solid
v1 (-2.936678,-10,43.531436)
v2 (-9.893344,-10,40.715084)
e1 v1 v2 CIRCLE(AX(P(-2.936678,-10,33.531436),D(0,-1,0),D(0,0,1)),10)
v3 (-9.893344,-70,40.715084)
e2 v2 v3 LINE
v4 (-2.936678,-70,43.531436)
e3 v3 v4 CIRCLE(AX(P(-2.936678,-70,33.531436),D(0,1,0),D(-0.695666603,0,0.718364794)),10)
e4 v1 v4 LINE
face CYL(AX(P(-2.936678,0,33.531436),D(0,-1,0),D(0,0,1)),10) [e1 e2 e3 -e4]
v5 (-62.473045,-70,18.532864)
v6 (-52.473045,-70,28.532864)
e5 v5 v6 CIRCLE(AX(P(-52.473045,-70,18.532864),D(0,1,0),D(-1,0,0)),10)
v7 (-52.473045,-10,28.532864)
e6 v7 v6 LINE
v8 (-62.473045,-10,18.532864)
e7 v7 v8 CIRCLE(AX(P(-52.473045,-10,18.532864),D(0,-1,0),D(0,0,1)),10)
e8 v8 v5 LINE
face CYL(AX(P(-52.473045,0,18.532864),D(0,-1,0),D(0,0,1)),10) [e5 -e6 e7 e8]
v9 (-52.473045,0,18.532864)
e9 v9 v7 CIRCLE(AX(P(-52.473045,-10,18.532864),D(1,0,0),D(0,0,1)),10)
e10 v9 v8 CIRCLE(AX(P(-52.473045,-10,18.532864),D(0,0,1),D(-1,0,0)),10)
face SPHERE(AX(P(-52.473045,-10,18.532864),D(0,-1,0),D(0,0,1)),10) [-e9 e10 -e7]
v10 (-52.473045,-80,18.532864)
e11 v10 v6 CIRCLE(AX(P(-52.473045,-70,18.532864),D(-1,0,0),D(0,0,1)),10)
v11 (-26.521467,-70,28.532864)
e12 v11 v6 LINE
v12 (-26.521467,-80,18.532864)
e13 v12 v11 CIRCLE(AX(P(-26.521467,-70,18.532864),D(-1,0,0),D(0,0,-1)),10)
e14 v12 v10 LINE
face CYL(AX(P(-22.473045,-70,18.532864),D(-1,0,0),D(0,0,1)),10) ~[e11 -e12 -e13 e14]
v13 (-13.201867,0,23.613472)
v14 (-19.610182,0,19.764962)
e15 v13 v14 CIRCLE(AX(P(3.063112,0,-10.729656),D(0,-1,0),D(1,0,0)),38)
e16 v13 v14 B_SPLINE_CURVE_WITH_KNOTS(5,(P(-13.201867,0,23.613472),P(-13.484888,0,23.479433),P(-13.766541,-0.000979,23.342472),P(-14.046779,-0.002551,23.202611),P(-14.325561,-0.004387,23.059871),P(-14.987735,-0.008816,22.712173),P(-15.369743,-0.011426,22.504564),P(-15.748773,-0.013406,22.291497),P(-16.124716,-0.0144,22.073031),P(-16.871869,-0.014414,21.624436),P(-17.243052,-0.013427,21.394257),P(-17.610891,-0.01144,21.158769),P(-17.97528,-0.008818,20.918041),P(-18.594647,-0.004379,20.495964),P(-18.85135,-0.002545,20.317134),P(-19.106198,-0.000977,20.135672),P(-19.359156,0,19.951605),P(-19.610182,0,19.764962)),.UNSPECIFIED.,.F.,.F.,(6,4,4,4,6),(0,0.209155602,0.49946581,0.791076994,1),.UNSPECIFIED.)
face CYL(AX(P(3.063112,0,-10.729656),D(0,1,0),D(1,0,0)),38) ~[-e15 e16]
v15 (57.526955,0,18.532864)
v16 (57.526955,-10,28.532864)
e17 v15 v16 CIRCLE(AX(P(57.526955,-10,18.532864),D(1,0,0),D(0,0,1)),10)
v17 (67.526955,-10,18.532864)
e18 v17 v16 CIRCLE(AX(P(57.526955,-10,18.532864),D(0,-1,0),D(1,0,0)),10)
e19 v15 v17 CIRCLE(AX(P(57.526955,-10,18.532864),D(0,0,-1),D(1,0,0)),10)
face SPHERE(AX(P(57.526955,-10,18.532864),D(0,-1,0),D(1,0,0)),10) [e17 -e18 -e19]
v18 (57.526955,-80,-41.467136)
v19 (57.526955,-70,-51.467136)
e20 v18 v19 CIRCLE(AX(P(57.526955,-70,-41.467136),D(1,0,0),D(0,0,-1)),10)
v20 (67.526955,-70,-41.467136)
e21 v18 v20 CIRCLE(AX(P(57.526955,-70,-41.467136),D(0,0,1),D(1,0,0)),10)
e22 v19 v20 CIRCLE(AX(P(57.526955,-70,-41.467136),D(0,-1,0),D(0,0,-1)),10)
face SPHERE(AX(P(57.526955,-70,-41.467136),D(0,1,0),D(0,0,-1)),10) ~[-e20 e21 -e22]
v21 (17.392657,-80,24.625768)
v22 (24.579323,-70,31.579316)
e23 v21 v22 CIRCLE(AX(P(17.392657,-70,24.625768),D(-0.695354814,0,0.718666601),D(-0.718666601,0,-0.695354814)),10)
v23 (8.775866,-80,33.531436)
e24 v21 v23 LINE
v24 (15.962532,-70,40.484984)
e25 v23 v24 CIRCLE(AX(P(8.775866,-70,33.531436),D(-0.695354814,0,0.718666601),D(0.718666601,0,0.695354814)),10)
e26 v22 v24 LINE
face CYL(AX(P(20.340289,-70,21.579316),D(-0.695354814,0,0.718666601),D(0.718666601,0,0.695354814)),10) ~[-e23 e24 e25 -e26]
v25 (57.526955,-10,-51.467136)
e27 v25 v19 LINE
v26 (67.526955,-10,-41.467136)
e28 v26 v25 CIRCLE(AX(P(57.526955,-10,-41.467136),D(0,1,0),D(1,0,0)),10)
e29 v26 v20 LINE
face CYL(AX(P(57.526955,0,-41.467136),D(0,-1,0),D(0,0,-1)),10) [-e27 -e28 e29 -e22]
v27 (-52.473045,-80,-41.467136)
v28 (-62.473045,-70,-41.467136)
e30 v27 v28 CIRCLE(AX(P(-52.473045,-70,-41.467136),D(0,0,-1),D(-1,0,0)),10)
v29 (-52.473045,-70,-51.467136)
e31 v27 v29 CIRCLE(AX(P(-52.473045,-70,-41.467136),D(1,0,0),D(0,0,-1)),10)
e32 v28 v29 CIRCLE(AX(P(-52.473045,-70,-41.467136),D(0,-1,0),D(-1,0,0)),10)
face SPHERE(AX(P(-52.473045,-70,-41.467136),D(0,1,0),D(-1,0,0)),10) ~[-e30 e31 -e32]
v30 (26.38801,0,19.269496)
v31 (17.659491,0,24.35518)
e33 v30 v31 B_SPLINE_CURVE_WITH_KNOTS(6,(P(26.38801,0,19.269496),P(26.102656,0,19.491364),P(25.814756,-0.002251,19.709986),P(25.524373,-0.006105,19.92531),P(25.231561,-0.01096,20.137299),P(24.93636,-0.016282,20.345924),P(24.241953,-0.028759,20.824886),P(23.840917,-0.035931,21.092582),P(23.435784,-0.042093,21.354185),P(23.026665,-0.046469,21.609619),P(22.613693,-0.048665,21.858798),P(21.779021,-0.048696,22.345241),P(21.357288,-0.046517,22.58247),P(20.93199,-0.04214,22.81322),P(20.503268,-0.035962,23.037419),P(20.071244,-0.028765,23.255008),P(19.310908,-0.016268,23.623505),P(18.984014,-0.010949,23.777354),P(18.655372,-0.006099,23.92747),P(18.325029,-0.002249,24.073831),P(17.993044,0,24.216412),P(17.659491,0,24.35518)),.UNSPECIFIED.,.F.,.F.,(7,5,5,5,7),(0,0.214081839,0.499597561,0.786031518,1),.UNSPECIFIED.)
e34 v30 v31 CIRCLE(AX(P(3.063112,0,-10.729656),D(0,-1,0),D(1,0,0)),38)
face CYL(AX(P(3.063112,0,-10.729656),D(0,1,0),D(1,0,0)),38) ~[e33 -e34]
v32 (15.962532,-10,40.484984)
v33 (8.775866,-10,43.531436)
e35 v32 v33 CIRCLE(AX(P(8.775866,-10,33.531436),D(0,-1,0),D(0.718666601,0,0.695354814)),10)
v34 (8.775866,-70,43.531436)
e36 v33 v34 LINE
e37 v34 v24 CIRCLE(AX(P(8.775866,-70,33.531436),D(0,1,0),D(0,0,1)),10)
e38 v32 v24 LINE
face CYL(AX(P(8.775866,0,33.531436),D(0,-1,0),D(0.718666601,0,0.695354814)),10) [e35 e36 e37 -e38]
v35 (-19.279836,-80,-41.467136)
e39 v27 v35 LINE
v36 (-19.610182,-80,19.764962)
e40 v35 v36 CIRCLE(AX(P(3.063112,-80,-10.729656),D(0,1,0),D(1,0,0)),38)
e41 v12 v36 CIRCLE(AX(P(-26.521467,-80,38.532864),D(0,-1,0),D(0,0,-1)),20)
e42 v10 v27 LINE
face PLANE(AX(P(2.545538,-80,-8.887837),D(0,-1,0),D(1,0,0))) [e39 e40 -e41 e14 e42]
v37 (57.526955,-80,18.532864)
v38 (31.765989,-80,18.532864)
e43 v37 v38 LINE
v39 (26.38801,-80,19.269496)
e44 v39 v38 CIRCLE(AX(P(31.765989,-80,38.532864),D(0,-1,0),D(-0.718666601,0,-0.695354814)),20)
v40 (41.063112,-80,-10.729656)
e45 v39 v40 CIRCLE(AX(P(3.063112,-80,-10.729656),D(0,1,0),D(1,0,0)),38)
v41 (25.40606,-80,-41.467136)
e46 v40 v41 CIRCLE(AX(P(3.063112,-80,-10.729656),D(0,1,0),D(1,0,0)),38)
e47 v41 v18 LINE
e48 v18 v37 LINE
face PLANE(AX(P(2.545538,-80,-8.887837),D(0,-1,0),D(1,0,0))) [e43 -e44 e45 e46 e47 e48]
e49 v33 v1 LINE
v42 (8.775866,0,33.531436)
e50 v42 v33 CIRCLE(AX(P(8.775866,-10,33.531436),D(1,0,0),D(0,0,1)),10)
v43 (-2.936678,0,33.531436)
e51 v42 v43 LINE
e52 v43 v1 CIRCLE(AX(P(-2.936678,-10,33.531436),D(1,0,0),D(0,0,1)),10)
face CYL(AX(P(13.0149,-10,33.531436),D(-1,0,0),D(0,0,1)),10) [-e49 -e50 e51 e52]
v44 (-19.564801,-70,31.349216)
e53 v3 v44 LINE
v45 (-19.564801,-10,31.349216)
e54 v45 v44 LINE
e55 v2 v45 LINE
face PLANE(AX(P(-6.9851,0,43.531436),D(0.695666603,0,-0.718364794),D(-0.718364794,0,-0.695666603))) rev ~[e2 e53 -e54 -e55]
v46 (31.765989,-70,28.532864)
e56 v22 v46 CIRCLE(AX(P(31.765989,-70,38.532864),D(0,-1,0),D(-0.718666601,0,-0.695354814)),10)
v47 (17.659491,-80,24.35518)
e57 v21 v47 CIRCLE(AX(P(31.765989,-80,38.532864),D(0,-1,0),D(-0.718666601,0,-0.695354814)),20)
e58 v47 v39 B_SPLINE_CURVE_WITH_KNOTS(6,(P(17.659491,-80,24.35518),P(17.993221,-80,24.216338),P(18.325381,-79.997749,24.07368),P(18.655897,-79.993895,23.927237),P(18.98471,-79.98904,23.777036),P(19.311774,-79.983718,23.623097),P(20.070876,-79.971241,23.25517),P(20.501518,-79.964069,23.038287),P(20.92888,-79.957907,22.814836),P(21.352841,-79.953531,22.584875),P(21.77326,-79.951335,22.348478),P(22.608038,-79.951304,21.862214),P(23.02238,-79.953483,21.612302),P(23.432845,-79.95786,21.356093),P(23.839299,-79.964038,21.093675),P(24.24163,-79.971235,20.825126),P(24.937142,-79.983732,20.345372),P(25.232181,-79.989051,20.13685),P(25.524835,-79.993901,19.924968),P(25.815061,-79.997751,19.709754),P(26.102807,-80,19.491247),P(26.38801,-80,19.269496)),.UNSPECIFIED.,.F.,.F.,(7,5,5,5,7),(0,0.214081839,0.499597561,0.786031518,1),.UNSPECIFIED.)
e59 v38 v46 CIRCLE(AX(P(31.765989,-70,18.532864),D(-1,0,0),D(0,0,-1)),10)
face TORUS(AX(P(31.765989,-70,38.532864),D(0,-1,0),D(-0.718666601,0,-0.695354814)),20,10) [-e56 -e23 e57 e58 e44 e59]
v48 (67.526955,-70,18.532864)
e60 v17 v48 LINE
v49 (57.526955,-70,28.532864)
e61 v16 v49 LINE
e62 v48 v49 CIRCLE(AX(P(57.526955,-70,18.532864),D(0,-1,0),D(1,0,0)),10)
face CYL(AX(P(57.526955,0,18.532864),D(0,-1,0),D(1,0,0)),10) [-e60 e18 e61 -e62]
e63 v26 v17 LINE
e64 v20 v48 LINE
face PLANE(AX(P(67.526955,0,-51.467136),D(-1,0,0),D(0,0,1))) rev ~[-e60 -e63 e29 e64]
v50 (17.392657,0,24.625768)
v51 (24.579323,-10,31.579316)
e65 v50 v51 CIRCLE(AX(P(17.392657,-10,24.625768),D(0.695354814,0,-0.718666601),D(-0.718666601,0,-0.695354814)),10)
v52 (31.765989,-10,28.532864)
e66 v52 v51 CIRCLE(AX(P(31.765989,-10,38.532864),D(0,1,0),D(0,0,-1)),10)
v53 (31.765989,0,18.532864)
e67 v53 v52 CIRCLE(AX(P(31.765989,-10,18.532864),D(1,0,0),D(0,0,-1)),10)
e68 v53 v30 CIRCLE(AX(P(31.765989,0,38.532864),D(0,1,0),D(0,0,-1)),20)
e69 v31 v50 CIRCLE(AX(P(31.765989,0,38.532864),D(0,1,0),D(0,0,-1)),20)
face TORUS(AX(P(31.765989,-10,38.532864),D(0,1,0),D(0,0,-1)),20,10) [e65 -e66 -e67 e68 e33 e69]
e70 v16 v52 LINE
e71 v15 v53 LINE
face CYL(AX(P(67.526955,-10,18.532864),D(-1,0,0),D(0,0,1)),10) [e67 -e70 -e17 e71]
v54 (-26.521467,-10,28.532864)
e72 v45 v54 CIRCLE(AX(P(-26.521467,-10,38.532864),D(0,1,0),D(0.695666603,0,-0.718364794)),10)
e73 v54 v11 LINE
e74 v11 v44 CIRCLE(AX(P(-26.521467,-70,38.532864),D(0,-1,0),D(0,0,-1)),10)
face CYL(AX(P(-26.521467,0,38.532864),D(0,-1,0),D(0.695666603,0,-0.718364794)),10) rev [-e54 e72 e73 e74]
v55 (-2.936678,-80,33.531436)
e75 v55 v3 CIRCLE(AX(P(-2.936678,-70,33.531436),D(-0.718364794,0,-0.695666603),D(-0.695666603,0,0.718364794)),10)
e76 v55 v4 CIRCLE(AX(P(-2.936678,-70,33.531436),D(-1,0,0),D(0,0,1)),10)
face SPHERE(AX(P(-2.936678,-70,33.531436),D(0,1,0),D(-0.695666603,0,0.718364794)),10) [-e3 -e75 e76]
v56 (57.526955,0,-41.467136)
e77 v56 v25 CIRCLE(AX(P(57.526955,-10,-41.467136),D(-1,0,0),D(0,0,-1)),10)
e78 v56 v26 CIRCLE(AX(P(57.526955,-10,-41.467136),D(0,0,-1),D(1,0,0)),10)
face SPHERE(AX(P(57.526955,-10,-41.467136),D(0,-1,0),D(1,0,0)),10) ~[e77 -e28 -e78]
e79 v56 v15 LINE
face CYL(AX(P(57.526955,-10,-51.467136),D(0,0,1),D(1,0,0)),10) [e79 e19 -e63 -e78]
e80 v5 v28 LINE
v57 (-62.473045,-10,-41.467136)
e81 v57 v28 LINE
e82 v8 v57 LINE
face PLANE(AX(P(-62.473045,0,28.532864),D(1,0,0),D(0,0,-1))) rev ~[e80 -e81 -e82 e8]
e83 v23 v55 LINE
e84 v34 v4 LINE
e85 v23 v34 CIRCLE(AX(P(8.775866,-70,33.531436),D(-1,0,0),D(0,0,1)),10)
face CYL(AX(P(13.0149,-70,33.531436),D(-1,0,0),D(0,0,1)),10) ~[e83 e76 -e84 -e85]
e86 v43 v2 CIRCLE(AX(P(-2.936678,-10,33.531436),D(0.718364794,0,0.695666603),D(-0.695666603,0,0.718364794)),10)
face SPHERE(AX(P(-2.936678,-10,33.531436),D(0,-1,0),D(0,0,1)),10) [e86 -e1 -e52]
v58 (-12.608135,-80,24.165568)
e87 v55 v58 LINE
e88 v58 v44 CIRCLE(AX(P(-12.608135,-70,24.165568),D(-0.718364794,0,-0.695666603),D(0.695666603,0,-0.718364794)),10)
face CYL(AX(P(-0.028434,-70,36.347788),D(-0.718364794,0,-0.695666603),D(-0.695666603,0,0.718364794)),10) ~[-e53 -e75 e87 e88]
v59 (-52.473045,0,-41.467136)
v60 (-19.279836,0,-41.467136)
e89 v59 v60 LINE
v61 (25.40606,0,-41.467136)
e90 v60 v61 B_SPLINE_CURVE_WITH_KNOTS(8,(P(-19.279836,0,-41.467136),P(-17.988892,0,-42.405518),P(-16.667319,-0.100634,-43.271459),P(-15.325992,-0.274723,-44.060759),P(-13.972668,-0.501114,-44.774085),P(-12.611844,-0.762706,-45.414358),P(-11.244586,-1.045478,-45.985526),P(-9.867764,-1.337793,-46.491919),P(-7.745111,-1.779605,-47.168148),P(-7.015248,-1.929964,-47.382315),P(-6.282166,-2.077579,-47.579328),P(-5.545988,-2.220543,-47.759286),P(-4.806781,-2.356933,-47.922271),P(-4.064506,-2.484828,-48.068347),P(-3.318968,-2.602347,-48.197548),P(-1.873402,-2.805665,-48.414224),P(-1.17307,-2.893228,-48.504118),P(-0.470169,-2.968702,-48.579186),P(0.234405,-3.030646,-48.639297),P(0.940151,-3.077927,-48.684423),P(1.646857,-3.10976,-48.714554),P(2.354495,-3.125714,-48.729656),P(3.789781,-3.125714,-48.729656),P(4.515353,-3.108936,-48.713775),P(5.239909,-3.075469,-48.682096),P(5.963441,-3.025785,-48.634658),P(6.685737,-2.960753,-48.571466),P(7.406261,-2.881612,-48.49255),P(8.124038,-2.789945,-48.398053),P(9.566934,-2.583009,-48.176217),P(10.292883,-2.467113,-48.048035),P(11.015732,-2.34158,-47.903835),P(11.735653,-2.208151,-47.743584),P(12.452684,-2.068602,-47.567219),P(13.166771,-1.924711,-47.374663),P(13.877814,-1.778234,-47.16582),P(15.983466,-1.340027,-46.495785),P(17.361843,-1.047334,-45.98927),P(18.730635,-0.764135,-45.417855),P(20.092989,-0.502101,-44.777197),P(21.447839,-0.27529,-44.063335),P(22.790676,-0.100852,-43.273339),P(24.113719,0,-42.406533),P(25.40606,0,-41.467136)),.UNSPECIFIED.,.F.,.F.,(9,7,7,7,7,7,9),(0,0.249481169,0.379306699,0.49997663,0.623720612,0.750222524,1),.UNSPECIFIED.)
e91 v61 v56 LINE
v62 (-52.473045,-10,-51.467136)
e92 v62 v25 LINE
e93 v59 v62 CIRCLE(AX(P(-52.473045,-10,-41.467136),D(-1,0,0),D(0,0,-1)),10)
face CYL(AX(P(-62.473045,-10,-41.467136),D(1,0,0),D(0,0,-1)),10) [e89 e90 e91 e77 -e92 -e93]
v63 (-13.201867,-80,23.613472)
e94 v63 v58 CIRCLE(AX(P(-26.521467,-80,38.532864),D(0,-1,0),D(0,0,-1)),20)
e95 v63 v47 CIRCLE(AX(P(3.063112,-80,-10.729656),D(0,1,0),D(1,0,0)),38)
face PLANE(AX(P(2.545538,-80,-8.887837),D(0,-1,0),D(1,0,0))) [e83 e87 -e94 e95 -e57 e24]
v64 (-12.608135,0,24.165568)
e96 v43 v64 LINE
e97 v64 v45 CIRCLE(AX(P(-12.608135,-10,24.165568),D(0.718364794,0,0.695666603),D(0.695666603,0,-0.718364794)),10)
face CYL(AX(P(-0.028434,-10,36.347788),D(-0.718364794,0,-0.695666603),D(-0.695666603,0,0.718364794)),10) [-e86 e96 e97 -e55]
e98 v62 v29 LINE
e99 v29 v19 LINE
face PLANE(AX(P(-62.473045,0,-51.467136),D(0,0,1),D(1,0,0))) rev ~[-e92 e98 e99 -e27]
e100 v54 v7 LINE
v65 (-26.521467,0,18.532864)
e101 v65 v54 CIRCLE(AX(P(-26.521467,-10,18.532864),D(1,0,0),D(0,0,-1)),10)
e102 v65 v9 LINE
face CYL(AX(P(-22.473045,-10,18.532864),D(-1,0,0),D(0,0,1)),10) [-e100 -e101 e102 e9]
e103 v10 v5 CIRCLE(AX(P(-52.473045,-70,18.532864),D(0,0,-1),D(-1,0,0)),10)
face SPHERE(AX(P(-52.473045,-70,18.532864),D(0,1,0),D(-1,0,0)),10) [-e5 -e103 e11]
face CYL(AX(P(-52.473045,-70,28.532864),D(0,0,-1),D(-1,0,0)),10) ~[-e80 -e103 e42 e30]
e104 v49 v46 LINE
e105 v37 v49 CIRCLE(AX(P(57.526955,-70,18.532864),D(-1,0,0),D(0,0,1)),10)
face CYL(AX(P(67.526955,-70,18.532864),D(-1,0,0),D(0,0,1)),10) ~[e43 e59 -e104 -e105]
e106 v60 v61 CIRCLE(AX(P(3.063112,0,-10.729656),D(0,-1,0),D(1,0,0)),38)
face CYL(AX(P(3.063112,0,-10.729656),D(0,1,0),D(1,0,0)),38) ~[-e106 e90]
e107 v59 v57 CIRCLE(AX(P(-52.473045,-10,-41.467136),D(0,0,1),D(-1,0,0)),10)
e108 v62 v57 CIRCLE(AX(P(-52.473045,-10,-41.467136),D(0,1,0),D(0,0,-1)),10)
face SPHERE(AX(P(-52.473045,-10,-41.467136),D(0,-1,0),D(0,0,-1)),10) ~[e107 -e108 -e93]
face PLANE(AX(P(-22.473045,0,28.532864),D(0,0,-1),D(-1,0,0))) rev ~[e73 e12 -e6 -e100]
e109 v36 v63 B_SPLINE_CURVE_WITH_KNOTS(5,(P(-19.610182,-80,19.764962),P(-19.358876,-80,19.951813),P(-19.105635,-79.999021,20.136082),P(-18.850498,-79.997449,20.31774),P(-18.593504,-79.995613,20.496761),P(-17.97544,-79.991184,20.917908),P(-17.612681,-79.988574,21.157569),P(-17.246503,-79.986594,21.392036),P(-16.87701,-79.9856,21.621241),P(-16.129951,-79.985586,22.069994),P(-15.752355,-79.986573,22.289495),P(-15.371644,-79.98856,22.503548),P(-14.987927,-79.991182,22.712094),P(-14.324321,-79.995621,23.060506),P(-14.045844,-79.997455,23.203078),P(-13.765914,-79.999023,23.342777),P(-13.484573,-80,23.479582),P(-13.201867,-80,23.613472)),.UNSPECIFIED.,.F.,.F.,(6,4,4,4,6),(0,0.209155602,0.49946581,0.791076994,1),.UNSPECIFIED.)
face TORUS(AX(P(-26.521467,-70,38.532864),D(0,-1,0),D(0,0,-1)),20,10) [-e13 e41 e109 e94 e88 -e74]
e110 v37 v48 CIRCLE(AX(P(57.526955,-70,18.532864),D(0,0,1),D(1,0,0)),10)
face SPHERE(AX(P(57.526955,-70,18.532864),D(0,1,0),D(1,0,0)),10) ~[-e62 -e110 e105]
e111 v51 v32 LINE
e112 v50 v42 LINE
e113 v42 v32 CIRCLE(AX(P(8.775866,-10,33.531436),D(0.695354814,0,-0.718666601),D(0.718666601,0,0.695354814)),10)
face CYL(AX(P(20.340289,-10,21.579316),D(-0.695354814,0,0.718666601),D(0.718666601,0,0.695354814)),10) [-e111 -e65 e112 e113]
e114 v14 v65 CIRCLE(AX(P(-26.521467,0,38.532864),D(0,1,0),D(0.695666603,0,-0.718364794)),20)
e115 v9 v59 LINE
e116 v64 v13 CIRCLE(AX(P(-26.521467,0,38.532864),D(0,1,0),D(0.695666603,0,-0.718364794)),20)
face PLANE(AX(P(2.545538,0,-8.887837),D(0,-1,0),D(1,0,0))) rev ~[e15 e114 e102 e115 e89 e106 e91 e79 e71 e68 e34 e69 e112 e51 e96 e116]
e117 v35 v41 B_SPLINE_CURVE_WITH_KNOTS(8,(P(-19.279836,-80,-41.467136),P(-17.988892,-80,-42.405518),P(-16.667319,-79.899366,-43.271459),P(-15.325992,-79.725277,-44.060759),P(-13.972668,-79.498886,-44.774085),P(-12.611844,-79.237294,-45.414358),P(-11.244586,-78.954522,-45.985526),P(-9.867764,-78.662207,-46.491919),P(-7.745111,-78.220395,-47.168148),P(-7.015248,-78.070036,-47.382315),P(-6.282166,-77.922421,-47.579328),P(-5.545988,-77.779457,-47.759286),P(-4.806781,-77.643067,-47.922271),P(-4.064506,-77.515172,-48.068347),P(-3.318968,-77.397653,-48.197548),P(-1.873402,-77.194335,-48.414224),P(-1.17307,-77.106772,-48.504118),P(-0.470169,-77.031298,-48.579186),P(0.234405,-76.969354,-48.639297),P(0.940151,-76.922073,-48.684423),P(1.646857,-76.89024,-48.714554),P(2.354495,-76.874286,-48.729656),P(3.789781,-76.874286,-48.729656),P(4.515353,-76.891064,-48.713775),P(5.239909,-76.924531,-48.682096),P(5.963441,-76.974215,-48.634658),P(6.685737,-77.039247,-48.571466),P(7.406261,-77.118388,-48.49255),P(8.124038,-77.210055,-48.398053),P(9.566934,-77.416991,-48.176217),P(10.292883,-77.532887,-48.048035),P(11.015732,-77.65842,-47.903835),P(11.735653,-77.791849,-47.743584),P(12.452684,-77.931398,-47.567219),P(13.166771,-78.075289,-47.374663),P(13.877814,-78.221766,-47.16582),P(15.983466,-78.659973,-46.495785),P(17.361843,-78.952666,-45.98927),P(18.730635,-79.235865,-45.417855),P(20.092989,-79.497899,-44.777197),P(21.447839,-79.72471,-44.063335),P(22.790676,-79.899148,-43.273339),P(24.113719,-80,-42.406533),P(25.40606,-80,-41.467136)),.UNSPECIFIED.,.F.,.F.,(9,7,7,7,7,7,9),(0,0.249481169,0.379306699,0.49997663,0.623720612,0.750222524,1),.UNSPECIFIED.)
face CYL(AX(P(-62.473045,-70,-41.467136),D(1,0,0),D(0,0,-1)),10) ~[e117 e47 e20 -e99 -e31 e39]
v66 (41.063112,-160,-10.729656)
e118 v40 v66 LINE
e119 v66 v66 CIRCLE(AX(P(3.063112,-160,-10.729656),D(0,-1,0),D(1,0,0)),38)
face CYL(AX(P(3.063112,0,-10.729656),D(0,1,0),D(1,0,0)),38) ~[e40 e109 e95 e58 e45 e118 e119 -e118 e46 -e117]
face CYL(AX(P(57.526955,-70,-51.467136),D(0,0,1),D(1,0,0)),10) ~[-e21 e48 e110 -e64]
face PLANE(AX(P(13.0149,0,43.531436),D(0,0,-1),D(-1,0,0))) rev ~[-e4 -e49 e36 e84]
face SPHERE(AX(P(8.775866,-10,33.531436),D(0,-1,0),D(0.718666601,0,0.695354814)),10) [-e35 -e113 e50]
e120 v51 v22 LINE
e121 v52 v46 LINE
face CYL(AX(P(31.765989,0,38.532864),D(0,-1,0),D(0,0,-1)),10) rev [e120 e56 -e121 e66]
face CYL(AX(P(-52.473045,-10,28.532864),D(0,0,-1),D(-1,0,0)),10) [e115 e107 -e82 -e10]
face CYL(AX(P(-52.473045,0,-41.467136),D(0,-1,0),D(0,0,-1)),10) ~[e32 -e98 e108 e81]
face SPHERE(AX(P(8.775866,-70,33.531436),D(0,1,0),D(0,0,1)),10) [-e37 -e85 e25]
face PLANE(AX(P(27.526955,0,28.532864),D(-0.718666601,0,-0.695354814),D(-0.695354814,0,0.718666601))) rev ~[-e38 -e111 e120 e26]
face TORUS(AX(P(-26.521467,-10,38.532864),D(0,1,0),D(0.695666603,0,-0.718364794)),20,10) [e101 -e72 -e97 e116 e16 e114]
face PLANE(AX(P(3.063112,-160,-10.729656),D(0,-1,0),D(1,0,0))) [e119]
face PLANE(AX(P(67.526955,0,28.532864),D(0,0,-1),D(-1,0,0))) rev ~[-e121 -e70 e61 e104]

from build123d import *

# Parameters (mm, degrees)
PAD_DEPTH    = 80
FILLET_R     = 10
SKETCH001_R  = 38
PAD001_DEPTH = 160


with BuildPart() as part:
    # Sketch → Pad (new body)
    with BuildSketch(Plane.XZ):
        Polygon((-62.473045, -51.467136), (67.526955, -51.467136), (67.526955, 28.532864), (27.526955, 28.532864), (13.0149, 43.531436), (-6.9851, 43.531436), (-22.473045, 28.532864), (-62.473045, 28.532864), align=None)
    extrude(amount=PAD_DEPTH)

    # Fillet
    fillet_edges = [part.edges().sort_by_distance(p)[0] for p in [
        (27.526955, -40, 28.532864),
        (-22.473045, -40, 28.532864),
        (-6.9851, -40, 43.531436),
        (13.0149, -40, 43.531436),
        (-62.473045, -40, 28.532864),
        (67.526955, -40, 28.532864),
        (67.526955, -40, -51.467136),
        (-62.473045, -40, -51.467136),
        (-62.473045, -80, -11.467136),
        (2.526955, -80, -51.467136),
        (67.526955, -80, -11.467136),
        (67.526955, 0, -11.467136),
        (2.526955, 0, -51.467136),
        (47.526955, 0, 28.532864),
        (20.270928, 0, 36.03215),
        (3.0149, 0, 43.531436),
        (-14.729072, 0, 36.03215),
        (-42.473045, 0, 28.532864),
        (-62.473045, 0, -11.467136),
        (-42.473045, -80, 28.532864),
        (-14.729072, -80, 36.03215),
        (3.0149, -80, 43.531436),
        (20.270928, -80, 36.03215),
        (47.526955, -80, 28.532864),
    ]]
    fillet(fillet_edges, radius=FILLET_R)

    # Sketch001 → Pad001 (join)
    with BuildSketch(Plane.XZ):
        with Locations((3.063112, -10.729656)):
            Circle(SKETCH001_R)
    extrude(amount=PAD001_DEPTH)


solid = part.part
